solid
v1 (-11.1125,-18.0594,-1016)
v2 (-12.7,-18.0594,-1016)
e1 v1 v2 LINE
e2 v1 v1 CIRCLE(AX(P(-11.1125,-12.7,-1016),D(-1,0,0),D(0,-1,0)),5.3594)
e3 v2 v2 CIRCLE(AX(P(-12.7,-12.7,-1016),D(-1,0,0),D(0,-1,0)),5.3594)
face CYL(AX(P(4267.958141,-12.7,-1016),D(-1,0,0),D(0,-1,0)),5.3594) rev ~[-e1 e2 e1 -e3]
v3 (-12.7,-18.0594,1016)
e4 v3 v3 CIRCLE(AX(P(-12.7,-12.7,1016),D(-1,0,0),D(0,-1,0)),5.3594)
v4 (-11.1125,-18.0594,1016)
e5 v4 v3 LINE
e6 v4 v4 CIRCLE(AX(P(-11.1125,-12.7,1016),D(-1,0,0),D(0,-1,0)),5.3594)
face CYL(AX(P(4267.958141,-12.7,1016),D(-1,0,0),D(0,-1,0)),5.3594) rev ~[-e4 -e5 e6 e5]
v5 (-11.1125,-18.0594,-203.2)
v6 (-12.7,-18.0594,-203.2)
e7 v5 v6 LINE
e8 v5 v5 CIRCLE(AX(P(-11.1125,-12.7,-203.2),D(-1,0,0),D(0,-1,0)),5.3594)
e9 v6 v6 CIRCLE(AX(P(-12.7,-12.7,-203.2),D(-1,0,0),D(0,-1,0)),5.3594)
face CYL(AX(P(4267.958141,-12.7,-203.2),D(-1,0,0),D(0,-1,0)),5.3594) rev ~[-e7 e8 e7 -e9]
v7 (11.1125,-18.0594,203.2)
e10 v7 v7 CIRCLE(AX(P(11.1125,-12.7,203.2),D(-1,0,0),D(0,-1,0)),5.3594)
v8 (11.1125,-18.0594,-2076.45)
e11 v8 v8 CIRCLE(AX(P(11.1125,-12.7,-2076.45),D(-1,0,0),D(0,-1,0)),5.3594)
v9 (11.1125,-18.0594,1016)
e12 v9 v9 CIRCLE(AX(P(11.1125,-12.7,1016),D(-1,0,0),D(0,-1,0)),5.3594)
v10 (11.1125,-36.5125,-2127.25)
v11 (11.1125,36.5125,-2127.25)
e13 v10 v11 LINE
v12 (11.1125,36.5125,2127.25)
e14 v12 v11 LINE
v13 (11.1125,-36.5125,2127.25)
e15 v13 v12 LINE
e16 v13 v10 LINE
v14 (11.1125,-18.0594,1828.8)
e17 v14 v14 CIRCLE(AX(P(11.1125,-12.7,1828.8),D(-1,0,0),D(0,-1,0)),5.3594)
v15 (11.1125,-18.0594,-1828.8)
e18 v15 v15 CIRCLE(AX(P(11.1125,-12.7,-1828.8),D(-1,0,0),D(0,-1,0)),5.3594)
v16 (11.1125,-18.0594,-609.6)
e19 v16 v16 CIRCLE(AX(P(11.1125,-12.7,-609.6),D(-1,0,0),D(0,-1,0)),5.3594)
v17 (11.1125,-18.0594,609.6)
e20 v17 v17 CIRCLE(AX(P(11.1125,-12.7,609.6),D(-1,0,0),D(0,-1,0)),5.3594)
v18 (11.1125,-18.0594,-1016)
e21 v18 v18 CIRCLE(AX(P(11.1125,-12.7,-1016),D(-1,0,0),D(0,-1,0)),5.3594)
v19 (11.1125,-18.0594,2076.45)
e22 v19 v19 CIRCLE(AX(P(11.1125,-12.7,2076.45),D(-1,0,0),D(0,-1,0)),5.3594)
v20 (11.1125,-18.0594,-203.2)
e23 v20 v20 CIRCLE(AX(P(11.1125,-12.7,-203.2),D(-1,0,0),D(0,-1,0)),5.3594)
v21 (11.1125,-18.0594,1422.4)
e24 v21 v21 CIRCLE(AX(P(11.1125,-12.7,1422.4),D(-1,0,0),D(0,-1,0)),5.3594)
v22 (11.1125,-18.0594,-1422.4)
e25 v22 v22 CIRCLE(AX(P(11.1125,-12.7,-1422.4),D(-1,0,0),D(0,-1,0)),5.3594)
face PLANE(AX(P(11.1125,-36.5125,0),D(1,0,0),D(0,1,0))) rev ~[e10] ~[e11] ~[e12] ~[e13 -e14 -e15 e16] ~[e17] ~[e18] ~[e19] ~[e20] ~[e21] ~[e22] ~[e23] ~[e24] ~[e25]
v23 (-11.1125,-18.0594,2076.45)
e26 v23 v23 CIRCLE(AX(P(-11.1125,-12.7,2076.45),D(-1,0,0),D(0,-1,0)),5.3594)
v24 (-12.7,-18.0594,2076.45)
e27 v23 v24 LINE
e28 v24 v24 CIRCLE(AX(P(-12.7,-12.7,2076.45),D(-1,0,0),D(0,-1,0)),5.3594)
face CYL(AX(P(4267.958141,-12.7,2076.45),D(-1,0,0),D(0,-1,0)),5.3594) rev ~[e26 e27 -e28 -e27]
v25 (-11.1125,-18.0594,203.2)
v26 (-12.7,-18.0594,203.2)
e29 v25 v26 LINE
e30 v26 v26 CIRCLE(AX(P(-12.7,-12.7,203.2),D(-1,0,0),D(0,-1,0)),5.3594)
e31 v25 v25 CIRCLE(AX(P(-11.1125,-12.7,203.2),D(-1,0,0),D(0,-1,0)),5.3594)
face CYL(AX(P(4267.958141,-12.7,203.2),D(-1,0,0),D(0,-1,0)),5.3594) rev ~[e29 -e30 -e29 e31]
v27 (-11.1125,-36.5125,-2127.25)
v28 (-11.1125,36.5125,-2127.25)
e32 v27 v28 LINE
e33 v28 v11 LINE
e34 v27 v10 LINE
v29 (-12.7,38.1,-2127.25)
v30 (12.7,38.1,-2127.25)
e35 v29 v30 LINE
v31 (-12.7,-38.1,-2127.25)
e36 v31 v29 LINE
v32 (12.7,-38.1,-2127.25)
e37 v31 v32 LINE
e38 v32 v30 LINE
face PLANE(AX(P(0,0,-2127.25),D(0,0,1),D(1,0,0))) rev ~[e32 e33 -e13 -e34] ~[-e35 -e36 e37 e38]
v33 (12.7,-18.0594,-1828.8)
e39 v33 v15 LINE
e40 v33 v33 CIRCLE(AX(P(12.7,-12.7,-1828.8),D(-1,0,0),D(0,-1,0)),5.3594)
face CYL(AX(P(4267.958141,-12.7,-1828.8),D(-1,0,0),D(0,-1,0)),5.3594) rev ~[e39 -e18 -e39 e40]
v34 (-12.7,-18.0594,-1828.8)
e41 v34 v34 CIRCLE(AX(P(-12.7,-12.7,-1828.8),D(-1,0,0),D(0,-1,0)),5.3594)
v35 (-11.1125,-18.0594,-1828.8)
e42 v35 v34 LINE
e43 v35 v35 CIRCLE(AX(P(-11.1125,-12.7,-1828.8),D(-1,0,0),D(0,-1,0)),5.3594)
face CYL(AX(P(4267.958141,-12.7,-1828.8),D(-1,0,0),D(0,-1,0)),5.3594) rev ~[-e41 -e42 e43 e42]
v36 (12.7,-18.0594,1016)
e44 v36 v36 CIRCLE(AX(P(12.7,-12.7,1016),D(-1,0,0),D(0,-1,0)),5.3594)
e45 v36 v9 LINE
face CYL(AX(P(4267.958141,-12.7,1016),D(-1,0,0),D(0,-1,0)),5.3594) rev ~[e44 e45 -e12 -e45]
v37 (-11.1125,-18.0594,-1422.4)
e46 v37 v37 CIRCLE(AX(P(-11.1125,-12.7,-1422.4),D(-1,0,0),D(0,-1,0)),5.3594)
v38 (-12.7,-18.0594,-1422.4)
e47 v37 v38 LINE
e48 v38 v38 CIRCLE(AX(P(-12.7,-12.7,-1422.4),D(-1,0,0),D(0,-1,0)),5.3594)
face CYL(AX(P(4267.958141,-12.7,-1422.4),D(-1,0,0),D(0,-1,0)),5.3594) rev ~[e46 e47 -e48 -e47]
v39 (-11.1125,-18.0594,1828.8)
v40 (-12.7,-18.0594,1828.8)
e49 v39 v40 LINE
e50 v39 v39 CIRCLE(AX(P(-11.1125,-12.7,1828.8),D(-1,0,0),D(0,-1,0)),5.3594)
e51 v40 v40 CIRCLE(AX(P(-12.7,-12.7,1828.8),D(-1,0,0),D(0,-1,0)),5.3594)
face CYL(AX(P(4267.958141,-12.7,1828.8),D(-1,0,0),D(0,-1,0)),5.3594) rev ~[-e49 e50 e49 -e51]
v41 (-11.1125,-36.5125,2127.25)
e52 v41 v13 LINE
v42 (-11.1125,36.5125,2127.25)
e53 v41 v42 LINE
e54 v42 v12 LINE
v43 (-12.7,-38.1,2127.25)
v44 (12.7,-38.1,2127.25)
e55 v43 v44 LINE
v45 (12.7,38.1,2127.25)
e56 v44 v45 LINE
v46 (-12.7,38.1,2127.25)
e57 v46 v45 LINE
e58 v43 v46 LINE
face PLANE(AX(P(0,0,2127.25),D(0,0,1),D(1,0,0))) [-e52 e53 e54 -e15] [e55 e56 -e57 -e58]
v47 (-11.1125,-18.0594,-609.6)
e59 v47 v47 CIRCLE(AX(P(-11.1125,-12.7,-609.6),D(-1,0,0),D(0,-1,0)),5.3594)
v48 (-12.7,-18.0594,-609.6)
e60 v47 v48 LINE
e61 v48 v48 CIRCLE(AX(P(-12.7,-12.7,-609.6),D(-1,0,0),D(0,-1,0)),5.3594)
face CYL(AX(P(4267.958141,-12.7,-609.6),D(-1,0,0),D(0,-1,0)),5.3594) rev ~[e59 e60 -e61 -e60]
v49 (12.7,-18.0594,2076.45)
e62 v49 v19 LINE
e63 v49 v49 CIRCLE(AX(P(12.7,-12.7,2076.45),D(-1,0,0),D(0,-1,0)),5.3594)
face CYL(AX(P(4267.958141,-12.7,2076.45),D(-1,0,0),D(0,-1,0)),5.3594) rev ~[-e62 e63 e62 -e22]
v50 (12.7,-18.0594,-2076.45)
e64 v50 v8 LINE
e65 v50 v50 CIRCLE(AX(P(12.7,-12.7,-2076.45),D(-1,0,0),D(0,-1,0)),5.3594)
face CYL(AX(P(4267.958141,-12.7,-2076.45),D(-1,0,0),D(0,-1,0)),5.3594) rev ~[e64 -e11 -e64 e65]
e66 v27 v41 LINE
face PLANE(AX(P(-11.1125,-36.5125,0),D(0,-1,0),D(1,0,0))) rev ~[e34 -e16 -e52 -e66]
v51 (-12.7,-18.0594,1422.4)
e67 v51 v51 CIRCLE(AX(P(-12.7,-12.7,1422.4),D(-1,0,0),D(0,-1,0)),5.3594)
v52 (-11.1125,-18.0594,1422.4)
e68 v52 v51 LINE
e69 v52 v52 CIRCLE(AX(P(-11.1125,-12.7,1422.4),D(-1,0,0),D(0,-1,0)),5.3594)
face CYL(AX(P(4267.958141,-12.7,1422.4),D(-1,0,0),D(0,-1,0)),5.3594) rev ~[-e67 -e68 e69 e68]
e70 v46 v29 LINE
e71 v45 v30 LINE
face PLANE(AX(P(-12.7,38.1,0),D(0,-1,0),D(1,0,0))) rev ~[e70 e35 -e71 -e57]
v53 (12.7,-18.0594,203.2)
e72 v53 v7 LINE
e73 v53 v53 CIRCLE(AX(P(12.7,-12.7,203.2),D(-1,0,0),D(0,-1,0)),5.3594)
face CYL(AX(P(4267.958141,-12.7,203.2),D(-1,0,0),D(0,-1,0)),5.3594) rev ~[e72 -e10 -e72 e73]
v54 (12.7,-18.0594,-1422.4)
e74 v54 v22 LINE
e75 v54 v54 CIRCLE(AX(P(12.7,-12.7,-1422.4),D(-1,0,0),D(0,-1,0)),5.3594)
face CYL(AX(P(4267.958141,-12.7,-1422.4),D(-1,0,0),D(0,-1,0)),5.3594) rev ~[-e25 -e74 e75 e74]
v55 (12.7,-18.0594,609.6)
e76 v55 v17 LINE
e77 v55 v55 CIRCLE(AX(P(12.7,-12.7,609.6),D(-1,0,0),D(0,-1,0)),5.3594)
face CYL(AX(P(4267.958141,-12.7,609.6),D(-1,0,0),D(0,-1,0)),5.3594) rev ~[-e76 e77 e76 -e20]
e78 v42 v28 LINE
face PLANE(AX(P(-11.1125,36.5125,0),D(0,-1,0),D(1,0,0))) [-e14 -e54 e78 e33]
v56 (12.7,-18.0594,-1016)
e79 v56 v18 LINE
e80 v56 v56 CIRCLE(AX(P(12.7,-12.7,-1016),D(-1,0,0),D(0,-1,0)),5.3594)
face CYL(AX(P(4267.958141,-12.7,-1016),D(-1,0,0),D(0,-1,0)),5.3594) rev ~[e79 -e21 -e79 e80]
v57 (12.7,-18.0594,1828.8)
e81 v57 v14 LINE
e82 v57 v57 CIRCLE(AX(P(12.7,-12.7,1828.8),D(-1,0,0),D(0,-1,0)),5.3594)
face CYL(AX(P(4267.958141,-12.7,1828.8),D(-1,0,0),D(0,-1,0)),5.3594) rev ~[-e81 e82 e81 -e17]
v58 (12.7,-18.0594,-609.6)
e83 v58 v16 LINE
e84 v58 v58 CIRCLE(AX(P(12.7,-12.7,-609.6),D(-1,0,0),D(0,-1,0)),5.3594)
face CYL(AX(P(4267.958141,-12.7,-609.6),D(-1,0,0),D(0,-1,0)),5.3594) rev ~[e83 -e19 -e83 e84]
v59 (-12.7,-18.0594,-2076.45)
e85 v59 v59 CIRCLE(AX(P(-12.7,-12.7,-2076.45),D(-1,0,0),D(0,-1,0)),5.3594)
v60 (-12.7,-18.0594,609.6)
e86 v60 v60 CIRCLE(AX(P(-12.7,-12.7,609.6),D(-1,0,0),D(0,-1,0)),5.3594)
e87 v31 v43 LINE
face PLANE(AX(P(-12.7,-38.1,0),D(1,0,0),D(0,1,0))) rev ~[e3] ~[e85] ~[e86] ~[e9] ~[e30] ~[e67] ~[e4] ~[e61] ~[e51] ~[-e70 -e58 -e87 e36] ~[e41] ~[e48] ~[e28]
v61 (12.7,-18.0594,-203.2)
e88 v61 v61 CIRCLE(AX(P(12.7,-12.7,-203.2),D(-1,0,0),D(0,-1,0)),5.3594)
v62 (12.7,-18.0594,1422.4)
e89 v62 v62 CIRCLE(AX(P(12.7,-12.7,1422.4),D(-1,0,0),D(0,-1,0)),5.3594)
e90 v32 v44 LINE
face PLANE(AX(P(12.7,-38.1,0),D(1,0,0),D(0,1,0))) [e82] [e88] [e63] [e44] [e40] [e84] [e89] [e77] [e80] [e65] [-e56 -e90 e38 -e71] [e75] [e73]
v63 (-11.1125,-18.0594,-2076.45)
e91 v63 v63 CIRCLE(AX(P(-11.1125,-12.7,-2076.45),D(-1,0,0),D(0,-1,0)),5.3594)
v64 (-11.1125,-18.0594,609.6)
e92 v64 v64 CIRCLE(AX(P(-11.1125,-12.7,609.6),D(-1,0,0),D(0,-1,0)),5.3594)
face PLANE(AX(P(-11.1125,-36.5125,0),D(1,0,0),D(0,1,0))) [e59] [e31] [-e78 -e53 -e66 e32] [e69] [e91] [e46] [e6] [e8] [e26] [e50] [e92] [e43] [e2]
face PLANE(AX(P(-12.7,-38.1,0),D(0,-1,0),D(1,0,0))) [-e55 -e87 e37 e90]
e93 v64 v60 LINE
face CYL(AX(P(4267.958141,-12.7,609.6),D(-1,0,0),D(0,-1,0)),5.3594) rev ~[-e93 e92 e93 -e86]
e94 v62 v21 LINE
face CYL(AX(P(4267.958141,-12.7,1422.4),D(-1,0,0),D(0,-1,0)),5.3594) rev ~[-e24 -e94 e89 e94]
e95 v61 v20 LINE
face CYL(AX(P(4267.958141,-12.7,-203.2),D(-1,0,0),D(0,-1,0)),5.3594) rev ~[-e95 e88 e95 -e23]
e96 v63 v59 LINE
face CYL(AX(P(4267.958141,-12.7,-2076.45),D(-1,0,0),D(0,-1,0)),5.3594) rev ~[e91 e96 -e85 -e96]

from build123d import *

# Parameters (mm, degrees)
F0_W     = 25.4
F0_H     = 76.2
F0_W_2   = 22.225
F0_H_2   = 73.025
F1_DEPTH = 2127.25
F3_D     = 10.7188


with BuildPart() as f1:
    # F0 (on Top) → F1 (new body, symmetric)
    with BuildSketch(Plane.XY):
        Rectangle(F0_W, F0_H)
        Rectangle(F0_W_2, F0_H_2, mode=Mode.SUBTRACT)
    extrude(amount=F1_DEPTH, both=True)

    # F3 (through all)
    with Locations(Plane.YZ.offset(12.7)):
        with Locations((-12.7, 2076.45), (-12.7, 1828.8), (-12.7, 1422.4), (-12.7, 1016), (-12.7, 609.6), (-12.7, 203.2), (-12.7, -203.2), (-12.7, -609.6), (-12.7, -1016), (-12.7, -1422.4), (-12.7, -1828.8), (-12.7, -2076.45)):
            Hole(F3_D / 2)


solid = f1.part
